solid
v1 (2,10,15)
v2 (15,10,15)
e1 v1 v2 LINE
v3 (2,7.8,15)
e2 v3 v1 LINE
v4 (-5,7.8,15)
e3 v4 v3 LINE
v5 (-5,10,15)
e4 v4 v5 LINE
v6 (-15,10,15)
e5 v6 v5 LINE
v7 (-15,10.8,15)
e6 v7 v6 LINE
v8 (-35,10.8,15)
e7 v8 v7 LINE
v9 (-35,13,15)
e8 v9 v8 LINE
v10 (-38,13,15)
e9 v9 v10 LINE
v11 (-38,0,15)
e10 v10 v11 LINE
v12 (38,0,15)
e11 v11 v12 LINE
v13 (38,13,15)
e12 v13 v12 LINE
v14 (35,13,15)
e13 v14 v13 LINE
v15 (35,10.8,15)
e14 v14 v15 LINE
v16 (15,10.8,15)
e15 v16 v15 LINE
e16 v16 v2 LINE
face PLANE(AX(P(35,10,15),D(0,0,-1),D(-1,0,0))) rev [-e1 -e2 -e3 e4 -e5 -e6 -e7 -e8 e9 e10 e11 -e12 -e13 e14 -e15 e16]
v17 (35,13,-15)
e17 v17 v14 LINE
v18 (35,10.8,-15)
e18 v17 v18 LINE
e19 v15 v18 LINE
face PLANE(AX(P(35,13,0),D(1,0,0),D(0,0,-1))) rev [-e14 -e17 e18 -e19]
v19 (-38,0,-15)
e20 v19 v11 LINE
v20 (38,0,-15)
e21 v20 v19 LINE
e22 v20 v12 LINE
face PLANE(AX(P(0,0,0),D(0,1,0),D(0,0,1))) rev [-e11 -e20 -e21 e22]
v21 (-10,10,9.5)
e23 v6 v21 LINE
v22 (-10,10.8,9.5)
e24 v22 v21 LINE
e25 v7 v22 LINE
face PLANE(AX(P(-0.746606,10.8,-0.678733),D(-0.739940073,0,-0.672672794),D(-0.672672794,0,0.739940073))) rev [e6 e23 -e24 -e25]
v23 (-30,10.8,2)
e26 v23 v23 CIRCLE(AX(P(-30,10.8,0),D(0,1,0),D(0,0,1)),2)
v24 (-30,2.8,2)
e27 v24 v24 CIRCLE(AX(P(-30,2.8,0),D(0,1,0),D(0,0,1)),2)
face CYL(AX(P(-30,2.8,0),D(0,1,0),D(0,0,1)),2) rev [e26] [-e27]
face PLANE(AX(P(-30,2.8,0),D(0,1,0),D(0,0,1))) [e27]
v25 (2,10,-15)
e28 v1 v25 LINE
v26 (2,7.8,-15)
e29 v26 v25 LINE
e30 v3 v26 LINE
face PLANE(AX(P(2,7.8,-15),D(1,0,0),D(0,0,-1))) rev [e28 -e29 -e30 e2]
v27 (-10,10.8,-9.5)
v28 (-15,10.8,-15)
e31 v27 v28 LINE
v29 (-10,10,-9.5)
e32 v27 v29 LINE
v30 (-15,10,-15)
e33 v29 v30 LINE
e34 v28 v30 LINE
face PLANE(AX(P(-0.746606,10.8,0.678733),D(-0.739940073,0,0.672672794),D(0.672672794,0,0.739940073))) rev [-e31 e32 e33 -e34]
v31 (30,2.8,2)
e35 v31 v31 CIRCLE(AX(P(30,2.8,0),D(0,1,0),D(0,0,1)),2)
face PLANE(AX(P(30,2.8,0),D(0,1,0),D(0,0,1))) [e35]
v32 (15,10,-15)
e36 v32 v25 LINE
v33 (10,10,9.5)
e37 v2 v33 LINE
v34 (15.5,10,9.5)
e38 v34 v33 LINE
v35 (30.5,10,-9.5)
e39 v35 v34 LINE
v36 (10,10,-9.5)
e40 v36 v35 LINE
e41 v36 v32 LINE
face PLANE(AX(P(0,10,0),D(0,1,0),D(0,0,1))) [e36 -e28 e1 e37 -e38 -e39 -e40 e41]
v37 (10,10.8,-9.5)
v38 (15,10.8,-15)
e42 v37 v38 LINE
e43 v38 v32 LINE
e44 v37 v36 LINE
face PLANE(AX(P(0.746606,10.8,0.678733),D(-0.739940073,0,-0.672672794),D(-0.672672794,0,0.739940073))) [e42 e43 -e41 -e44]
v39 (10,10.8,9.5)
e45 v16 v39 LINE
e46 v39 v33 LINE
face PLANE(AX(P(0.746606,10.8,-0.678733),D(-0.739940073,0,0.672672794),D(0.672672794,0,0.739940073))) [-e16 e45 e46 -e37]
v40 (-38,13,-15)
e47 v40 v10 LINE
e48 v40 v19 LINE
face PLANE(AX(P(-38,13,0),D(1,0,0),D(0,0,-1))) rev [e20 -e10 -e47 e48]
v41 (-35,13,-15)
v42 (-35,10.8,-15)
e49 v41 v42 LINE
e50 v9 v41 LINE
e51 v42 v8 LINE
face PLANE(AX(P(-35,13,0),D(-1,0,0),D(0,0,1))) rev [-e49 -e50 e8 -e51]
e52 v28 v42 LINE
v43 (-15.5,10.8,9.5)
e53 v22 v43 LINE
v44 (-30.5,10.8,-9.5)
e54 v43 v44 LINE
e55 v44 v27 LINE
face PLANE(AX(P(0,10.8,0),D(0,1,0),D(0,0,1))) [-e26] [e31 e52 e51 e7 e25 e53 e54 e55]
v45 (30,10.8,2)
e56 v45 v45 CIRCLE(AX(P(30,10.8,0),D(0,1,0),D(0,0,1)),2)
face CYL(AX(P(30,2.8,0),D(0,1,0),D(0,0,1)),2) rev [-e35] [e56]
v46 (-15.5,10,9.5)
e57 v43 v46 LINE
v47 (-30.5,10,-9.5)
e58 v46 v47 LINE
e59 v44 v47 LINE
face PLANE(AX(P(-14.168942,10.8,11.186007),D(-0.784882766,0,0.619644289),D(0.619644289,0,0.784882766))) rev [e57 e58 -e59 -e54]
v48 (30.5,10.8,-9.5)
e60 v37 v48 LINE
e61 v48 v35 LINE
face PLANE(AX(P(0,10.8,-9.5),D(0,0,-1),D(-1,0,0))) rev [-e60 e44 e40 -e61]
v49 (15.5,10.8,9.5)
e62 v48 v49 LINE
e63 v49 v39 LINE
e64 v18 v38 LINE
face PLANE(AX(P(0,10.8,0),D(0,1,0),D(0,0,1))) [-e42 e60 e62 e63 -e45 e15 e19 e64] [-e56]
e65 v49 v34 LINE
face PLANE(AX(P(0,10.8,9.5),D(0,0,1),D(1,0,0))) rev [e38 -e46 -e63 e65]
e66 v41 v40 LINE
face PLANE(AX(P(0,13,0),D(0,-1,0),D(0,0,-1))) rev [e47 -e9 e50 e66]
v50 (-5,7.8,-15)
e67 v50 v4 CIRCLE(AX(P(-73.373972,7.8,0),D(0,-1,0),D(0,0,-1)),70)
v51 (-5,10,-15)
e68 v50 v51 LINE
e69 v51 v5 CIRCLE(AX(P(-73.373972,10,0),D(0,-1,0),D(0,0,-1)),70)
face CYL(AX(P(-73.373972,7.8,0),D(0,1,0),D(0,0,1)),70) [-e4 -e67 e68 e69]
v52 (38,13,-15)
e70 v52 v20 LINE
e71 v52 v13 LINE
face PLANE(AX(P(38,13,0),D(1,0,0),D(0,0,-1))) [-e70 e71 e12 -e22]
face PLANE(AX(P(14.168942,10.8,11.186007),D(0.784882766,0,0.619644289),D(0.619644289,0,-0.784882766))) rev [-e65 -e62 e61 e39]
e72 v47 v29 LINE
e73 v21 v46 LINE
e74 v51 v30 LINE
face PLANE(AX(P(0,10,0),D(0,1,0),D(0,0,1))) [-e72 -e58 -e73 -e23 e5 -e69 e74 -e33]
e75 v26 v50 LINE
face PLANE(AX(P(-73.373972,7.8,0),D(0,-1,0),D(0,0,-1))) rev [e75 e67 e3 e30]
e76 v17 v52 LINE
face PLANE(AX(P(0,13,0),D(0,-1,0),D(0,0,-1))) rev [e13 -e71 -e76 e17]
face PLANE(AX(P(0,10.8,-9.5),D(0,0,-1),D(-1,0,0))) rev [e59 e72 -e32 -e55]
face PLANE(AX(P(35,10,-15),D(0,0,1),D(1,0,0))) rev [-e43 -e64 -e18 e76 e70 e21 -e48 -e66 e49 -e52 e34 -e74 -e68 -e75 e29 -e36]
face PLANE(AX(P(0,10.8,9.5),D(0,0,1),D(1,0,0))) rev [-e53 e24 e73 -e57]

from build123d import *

# Parameters (mm, degrees)
SKETCH1_W           = 70
SKETCH1_H           = 30
BOSS_EXTRUDE1_DEPTH = 10
BOSS_EXTRUDE2_DEPTH = 0.8
CUT_EXTRUDE1_DEPTH  = 2.2
SKETCH4_R           = 2
CUT_EXTRUDE2_DEPTH  = 8
SKETCH5_W           = 3
SKETCH5_H           = 30
BOSS_EXTRUDE3_DEPTH = 13


with BuildPart() as part:
    # Sketch1 → Boss-Extrude1 (new body)
    with BuildSketch(Plane(origin=(0, 0, 0), x_dir=(1, 0, 0), z_dir=(0, 1, 0))):
        Rectangle(SKETCH1_W, SKETCH1_H)
    extrude(amount=BOSS_EXTRUDE1_DEPTH)

    # Sketch2 → Boss-Extrude2 (add)
    with BuildSketch(Plane(origin=(0, 10, 0), x_dir=(1, 0, 0), z_dir=(0, 1, 0))):
        Polygon((-15.5, -9.5), (-30.5, 9.5), (-10, 9.5), (-15, 15), (-35, 15), (-35, -15), (-15, -15), (-10, -9.5), align=None)
        Polygon((15, 15), (10, 9.5), (30.5, 9.5), (15.5, -9.5), (10, -9.5), (15, -15), (35, -15), (35, 15), align=None)
    extrude(amount=BOSS_EXTRUDE2_DEPTH)

    # Sketch3 → Cut-Extrude1 (cut)
    with BuildSketch(Plane(origin=(0, 10, 0), x_dir=(1, 0, 0), z_dir=(0, 1, 0))):
        with BuildLine():
            Line((2, 15), (2, -15))
            Line((2, -15), (-5, -15))
            ThreePointArc((-5, -15), (-3.373971656, 0), (-5, 15))
            Line((-5, 15), (2, 15))
        make_face()
    extrude(amount=-CUT_EXTRUDE1_DEPTH, mode=Mode.SUBTRACT)

    # Sketch4 → Cut-Extrude2 (cut)
    with BuildSketch(Plane(origin=(0, 10.8, 0), x_dir=(1, 0, 0), z_dir=(0, 1, 0))):
        with Locations((-30, 0)):
            Circle(SKETCH4_R)
        with Locations((30, 0)):
            Circle(SKETCH4_R)
    extrude(amount=-CUT_EXTRUDE2_DEPTH, mode=Mode.SUBTRACT)

    # Sketch5 → Boss-Extrude3 (add)
    with BuildSketch(Plane.XZ):
        with Locations((-36.5, 0)):
            Rectangle(SKETCH5_W, SKETCH5_H)
        with Locations((36.5, 0)):
            Rectangle(SKETCH5_W, SKETCH5_H)
    extrude(amount=-BOSS_EXTRUDE3_DEPTH)


solid = part.part
